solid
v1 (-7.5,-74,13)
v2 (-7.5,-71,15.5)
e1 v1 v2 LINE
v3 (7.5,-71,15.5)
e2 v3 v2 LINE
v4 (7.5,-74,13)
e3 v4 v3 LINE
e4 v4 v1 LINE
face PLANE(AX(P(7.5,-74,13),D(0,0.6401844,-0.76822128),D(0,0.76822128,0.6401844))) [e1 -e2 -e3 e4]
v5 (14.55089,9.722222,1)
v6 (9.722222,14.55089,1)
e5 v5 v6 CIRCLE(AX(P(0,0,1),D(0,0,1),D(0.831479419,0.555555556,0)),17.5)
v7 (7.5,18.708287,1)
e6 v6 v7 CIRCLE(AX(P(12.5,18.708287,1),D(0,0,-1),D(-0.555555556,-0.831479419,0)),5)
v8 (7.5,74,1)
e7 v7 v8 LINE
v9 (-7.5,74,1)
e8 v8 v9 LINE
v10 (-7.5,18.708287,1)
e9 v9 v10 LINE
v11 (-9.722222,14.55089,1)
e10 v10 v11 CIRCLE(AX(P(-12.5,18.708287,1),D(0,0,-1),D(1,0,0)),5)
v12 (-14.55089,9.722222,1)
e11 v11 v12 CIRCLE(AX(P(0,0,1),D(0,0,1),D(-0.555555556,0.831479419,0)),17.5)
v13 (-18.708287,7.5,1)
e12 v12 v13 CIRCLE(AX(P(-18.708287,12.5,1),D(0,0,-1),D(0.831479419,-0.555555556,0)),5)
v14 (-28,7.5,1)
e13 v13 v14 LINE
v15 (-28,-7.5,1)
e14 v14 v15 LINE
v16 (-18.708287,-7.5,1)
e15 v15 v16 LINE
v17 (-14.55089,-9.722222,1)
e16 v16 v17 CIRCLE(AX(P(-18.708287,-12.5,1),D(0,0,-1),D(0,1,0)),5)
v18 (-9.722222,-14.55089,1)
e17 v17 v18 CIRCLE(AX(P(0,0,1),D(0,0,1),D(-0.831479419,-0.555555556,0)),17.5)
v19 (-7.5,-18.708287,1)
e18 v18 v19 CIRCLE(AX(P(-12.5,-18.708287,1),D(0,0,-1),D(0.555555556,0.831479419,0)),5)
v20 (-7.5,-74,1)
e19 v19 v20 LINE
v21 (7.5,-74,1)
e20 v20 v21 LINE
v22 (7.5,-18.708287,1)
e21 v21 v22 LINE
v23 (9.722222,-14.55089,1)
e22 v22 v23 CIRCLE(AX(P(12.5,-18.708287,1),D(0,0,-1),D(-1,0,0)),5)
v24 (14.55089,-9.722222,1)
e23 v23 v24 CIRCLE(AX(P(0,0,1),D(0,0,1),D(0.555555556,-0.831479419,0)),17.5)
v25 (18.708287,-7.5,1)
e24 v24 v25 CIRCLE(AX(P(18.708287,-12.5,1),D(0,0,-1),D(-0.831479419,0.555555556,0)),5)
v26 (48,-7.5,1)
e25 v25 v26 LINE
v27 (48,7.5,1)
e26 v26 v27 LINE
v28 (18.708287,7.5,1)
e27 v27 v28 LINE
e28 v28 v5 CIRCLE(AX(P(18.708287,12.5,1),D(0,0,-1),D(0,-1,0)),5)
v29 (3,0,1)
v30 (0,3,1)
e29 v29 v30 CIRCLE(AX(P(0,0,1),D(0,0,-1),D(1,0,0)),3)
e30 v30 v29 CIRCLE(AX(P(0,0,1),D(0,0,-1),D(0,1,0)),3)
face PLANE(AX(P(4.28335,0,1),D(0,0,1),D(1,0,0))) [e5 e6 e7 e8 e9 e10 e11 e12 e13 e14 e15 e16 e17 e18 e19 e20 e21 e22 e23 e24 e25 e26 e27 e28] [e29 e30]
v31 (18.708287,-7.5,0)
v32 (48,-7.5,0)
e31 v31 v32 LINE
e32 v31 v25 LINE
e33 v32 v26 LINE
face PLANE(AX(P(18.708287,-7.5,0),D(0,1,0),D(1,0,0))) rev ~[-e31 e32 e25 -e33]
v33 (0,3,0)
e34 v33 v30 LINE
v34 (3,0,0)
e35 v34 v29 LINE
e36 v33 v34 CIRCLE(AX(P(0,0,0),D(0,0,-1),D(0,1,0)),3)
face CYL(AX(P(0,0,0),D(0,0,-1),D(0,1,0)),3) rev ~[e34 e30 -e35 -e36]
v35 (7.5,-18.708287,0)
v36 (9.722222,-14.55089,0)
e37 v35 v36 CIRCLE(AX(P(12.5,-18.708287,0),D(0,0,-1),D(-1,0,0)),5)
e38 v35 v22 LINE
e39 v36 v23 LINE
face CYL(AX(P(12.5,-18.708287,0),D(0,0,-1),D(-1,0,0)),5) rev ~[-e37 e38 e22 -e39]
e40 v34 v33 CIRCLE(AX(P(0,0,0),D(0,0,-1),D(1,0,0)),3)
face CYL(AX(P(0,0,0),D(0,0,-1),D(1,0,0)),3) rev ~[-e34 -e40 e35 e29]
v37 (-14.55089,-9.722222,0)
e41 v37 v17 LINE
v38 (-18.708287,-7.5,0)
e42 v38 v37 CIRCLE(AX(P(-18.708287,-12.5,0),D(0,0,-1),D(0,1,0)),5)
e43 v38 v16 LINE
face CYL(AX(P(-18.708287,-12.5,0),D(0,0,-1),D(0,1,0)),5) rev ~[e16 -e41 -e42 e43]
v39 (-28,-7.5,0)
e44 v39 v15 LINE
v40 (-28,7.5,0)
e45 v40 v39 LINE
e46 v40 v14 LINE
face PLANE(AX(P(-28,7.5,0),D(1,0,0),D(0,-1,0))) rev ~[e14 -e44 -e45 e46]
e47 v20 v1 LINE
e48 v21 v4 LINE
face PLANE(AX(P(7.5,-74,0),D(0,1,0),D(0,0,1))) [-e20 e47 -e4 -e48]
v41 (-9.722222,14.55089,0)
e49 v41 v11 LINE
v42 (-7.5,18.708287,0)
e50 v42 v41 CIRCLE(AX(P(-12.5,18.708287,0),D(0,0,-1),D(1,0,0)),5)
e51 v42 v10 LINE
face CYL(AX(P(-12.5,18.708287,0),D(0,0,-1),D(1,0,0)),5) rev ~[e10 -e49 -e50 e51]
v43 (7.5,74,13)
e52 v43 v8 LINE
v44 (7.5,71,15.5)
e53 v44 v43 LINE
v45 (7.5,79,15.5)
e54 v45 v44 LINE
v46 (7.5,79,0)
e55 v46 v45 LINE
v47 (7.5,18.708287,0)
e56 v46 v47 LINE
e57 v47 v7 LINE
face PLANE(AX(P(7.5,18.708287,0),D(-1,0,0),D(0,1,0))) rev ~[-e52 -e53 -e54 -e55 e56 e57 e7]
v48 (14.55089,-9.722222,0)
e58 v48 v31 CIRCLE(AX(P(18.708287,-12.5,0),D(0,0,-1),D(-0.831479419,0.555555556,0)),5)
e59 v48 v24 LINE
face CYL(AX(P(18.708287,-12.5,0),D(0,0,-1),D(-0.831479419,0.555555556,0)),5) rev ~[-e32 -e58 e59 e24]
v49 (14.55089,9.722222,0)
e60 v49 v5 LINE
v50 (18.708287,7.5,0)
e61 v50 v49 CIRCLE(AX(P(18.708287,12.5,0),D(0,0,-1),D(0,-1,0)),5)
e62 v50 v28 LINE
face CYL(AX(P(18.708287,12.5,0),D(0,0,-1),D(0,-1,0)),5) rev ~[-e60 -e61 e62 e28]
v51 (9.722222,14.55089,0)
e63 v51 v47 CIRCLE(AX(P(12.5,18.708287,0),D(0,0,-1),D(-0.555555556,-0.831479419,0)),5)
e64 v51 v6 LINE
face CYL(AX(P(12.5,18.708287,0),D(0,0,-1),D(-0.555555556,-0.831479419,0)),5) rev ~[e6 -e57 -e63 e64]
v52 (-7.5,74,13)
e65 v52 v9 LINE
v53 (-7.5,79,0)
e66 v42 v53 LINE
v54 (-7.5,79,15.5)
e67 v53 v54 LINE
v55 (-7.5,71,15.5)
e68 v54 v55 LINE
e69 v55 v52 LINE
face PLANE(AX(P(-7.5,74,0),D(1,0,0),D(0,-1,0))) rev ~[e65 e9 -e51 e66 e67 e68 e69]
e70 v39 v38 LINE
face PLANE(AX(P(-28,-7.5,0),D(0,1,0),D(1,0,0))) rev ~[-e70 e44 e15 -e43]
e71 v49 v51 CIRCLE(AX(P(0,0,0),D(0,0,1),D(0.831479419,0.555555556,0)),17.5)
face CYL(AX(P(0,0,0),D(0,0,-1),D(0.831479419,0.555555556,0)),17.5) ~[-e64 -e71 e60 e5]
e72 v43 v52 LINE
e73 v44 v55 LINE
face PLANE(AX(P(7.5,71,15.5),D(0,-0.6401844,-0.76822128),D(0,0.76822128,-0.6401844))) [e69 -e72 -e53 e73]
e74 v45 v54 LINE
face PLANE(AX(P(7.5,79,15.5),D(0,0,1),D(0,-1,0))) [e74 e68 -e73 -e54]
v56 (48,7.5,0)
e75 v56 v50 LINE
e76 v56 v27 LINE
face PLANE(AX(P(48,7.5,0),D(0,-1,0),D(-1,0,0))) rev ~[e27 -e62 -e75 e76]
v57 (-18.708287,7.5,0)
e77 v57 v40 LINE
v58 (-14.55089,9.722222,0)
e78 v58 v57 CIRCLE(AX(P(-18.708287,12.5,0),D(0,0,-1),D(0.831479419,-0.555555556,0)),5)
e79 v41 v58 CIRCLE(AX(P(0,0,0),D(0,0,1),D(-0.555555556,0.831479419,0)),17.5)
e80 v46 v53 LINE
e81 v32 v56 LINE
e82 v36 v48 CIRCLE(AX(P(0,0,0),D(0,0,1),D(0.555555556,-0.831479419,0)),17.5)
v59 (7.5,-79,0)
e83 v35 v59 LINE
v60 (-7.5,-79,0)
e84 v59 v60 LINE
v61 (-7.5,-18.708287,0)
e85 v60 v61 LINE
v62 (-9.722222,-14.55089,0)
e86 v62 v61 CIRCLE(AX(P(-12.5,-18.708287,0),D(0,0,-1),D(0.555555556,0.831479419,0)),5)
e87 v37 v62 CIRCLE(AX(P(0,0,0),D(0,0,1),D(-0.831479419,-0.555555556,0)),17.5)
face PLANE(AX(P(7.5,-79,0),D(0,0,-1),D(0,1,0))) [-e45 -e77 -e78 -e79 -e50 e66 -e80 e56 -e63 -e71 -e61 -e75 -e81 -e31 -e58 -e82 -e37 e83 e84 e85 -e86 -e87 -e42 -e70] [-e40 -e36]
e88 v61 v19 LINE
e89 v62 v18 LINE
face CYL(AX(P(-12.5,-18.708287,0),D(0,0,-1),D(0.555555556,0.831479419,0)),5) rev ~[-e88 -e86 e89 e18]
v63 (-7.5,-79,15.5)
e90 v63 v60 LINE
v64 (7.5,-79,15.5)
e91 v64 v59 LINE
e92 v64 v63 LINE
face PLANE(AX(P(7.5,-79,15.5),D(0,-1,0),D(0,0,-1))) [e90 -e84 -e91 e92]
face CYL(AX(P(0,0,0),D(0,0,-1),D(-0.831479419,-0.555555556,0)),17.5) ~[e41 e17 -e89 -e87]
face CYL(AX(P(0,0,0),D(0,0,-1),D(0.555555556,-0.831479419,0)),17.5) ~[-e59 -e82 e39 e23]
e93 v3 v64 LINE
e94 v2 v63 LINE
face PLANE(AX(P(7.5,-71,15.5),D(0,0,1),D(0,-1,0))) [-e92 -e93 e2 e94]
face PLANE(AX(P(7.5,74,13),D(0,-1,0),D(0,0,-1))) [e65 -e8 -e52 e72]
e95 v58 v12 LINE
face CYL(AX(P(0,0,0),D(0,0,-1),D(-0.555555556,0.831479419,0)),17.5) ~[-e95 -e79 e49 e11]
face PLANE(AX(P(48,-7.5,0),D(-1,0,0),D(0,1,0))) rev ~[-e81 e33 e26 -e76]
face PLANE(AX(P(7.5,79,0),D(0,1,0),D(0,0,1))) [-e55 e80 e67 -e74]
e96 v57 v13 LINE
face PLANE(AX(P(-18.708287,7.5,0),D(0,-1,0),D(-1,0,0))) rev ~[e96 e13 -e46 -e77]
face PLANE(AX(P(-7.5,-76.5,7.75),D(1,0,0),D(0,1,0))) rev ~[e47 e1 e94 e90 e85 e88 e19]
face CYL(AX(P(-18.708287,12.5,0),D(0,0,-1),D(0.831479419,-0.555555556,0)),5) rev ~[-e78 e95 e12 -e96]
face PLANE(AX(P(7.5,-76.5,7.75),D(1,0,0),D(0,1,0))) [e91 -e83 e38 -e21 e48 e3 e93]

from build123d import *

# Parameters (mm, degrees)
F1_DEPTH = 1
F3_DEPTH = 15


with BuildPart() as f1:
    # F0 (on Top) → F1 (new body)
    with BuildSketch(Plane.XY):
        with BuildLine():
            ThreePointArc((-7.5, 18.7082869339), (-8.0904144816, 16.3512643299), (-9.7222222222, 14.5508898375))
            ThreePointArc((-9.7222222222, 14.5508898375), (-12.3743686708, 12.3743686708), (-14.5508898375, 9.7222222222))
            ThreePointArc((-14.5508898375, 9.7222222222), (-16.3512643299, 8.0904144816), (-18.7082869339, 7.5))
            Line((-18.7082869339, 7.5), (-28, 7.5))
            Line((-28, 7.5), (-28, -7.5))
            Line((-28, -7.5), (-18.7082869339, -7.5))
            ThreePointArc((-18.7082869339, -7.5), (-16.3512643299, -8.0904144816), (-14.5508898375, -9.7222222222))
            ThreePointArc((-14.5508898375, -9.7222222222), (-12.3743686708, -12.3743686708), (-9.7222222222, -14.5508898375))
            ThreePointArc((-9.7222222222, -14.5508898375), (-8.0904144816, -16.3512643299), (-7.5, -18.7082869339))
            Line((-7.5, -18.7082869339), (-7.5, -74))
            Line((-7.5, -74), (7.5, -74))
            Line((7.5, -74), (7.5, -18.7082869339))
            ThreePointArc((7.5, -18.7082869339), (8.0904144816, -16.3512643299), (9.7222222222, -14.5508898375))
            ThreePointArc((9.7222222222, -14.5508898375), (12.3743686708, -12.3743686708), (14.5508898375, -9.7222222222))
            ThreePointArc((14.5508898375, -9.7222222222), (16.3512643299, -8.0904144816), (18.7082869339, -7.5))
            Line((18.7082869339, -7.5), (48, -7.5))
            Line((48, -7.5), (48, 7.5))
            Line((48, 7.5), (18.7082869339, 7.5))
            ThreePointArc((18.7082869339, 7.5), (16.3512643299, 8.0904144816), (14.5508898375, 9.7222222222))
            ThreePointArc((14.5508898375, 9.7222222222), (12.3743686708, 12.3743686708), (9.7222222222, 14.5508898375))
            ThreePointArc((9.7222222222, 14.5508898375), (8.0904144816, 16.3512643299), (7.5, 18.7082869339))
            Line((7.5, 18.7082869339), (7.5, 74))
            Line((7.5, 74), (-7.5, 74))
            Line((-7.5, 74), (-7.5, 18.7082869339))
        make_face()
        with BuildLine():
            ThreePointArc((0, 3), (2.1213203436, 2.1213203436), (3, 0))
            ThreePointArc((3, 0), (-2.1213203436, -2.1213203436), (0, 3))
        make_face(mode=Mode.SUBTRACT)
    extrude(amount=F1_DEPTH)

    # F2 (on face) → F3 (join)
    with BuildSketch(Plane.YZ.offset(7.5)):
        Polygon((-79, 0), (-74, 0), (-74, 13), (-74, 15.5), (-79, 15.5), align=None)
        Polygon((-74, 15.5), (-74, 13), (-71, 15.5), align=None)
        Polygon((74, 1), (74, 0), (79, 0), (79, 15.5), (71, 15.5), (74, 13), align=None)
    extrude(amount=-F3_DEPTH)


solid = f1.part
